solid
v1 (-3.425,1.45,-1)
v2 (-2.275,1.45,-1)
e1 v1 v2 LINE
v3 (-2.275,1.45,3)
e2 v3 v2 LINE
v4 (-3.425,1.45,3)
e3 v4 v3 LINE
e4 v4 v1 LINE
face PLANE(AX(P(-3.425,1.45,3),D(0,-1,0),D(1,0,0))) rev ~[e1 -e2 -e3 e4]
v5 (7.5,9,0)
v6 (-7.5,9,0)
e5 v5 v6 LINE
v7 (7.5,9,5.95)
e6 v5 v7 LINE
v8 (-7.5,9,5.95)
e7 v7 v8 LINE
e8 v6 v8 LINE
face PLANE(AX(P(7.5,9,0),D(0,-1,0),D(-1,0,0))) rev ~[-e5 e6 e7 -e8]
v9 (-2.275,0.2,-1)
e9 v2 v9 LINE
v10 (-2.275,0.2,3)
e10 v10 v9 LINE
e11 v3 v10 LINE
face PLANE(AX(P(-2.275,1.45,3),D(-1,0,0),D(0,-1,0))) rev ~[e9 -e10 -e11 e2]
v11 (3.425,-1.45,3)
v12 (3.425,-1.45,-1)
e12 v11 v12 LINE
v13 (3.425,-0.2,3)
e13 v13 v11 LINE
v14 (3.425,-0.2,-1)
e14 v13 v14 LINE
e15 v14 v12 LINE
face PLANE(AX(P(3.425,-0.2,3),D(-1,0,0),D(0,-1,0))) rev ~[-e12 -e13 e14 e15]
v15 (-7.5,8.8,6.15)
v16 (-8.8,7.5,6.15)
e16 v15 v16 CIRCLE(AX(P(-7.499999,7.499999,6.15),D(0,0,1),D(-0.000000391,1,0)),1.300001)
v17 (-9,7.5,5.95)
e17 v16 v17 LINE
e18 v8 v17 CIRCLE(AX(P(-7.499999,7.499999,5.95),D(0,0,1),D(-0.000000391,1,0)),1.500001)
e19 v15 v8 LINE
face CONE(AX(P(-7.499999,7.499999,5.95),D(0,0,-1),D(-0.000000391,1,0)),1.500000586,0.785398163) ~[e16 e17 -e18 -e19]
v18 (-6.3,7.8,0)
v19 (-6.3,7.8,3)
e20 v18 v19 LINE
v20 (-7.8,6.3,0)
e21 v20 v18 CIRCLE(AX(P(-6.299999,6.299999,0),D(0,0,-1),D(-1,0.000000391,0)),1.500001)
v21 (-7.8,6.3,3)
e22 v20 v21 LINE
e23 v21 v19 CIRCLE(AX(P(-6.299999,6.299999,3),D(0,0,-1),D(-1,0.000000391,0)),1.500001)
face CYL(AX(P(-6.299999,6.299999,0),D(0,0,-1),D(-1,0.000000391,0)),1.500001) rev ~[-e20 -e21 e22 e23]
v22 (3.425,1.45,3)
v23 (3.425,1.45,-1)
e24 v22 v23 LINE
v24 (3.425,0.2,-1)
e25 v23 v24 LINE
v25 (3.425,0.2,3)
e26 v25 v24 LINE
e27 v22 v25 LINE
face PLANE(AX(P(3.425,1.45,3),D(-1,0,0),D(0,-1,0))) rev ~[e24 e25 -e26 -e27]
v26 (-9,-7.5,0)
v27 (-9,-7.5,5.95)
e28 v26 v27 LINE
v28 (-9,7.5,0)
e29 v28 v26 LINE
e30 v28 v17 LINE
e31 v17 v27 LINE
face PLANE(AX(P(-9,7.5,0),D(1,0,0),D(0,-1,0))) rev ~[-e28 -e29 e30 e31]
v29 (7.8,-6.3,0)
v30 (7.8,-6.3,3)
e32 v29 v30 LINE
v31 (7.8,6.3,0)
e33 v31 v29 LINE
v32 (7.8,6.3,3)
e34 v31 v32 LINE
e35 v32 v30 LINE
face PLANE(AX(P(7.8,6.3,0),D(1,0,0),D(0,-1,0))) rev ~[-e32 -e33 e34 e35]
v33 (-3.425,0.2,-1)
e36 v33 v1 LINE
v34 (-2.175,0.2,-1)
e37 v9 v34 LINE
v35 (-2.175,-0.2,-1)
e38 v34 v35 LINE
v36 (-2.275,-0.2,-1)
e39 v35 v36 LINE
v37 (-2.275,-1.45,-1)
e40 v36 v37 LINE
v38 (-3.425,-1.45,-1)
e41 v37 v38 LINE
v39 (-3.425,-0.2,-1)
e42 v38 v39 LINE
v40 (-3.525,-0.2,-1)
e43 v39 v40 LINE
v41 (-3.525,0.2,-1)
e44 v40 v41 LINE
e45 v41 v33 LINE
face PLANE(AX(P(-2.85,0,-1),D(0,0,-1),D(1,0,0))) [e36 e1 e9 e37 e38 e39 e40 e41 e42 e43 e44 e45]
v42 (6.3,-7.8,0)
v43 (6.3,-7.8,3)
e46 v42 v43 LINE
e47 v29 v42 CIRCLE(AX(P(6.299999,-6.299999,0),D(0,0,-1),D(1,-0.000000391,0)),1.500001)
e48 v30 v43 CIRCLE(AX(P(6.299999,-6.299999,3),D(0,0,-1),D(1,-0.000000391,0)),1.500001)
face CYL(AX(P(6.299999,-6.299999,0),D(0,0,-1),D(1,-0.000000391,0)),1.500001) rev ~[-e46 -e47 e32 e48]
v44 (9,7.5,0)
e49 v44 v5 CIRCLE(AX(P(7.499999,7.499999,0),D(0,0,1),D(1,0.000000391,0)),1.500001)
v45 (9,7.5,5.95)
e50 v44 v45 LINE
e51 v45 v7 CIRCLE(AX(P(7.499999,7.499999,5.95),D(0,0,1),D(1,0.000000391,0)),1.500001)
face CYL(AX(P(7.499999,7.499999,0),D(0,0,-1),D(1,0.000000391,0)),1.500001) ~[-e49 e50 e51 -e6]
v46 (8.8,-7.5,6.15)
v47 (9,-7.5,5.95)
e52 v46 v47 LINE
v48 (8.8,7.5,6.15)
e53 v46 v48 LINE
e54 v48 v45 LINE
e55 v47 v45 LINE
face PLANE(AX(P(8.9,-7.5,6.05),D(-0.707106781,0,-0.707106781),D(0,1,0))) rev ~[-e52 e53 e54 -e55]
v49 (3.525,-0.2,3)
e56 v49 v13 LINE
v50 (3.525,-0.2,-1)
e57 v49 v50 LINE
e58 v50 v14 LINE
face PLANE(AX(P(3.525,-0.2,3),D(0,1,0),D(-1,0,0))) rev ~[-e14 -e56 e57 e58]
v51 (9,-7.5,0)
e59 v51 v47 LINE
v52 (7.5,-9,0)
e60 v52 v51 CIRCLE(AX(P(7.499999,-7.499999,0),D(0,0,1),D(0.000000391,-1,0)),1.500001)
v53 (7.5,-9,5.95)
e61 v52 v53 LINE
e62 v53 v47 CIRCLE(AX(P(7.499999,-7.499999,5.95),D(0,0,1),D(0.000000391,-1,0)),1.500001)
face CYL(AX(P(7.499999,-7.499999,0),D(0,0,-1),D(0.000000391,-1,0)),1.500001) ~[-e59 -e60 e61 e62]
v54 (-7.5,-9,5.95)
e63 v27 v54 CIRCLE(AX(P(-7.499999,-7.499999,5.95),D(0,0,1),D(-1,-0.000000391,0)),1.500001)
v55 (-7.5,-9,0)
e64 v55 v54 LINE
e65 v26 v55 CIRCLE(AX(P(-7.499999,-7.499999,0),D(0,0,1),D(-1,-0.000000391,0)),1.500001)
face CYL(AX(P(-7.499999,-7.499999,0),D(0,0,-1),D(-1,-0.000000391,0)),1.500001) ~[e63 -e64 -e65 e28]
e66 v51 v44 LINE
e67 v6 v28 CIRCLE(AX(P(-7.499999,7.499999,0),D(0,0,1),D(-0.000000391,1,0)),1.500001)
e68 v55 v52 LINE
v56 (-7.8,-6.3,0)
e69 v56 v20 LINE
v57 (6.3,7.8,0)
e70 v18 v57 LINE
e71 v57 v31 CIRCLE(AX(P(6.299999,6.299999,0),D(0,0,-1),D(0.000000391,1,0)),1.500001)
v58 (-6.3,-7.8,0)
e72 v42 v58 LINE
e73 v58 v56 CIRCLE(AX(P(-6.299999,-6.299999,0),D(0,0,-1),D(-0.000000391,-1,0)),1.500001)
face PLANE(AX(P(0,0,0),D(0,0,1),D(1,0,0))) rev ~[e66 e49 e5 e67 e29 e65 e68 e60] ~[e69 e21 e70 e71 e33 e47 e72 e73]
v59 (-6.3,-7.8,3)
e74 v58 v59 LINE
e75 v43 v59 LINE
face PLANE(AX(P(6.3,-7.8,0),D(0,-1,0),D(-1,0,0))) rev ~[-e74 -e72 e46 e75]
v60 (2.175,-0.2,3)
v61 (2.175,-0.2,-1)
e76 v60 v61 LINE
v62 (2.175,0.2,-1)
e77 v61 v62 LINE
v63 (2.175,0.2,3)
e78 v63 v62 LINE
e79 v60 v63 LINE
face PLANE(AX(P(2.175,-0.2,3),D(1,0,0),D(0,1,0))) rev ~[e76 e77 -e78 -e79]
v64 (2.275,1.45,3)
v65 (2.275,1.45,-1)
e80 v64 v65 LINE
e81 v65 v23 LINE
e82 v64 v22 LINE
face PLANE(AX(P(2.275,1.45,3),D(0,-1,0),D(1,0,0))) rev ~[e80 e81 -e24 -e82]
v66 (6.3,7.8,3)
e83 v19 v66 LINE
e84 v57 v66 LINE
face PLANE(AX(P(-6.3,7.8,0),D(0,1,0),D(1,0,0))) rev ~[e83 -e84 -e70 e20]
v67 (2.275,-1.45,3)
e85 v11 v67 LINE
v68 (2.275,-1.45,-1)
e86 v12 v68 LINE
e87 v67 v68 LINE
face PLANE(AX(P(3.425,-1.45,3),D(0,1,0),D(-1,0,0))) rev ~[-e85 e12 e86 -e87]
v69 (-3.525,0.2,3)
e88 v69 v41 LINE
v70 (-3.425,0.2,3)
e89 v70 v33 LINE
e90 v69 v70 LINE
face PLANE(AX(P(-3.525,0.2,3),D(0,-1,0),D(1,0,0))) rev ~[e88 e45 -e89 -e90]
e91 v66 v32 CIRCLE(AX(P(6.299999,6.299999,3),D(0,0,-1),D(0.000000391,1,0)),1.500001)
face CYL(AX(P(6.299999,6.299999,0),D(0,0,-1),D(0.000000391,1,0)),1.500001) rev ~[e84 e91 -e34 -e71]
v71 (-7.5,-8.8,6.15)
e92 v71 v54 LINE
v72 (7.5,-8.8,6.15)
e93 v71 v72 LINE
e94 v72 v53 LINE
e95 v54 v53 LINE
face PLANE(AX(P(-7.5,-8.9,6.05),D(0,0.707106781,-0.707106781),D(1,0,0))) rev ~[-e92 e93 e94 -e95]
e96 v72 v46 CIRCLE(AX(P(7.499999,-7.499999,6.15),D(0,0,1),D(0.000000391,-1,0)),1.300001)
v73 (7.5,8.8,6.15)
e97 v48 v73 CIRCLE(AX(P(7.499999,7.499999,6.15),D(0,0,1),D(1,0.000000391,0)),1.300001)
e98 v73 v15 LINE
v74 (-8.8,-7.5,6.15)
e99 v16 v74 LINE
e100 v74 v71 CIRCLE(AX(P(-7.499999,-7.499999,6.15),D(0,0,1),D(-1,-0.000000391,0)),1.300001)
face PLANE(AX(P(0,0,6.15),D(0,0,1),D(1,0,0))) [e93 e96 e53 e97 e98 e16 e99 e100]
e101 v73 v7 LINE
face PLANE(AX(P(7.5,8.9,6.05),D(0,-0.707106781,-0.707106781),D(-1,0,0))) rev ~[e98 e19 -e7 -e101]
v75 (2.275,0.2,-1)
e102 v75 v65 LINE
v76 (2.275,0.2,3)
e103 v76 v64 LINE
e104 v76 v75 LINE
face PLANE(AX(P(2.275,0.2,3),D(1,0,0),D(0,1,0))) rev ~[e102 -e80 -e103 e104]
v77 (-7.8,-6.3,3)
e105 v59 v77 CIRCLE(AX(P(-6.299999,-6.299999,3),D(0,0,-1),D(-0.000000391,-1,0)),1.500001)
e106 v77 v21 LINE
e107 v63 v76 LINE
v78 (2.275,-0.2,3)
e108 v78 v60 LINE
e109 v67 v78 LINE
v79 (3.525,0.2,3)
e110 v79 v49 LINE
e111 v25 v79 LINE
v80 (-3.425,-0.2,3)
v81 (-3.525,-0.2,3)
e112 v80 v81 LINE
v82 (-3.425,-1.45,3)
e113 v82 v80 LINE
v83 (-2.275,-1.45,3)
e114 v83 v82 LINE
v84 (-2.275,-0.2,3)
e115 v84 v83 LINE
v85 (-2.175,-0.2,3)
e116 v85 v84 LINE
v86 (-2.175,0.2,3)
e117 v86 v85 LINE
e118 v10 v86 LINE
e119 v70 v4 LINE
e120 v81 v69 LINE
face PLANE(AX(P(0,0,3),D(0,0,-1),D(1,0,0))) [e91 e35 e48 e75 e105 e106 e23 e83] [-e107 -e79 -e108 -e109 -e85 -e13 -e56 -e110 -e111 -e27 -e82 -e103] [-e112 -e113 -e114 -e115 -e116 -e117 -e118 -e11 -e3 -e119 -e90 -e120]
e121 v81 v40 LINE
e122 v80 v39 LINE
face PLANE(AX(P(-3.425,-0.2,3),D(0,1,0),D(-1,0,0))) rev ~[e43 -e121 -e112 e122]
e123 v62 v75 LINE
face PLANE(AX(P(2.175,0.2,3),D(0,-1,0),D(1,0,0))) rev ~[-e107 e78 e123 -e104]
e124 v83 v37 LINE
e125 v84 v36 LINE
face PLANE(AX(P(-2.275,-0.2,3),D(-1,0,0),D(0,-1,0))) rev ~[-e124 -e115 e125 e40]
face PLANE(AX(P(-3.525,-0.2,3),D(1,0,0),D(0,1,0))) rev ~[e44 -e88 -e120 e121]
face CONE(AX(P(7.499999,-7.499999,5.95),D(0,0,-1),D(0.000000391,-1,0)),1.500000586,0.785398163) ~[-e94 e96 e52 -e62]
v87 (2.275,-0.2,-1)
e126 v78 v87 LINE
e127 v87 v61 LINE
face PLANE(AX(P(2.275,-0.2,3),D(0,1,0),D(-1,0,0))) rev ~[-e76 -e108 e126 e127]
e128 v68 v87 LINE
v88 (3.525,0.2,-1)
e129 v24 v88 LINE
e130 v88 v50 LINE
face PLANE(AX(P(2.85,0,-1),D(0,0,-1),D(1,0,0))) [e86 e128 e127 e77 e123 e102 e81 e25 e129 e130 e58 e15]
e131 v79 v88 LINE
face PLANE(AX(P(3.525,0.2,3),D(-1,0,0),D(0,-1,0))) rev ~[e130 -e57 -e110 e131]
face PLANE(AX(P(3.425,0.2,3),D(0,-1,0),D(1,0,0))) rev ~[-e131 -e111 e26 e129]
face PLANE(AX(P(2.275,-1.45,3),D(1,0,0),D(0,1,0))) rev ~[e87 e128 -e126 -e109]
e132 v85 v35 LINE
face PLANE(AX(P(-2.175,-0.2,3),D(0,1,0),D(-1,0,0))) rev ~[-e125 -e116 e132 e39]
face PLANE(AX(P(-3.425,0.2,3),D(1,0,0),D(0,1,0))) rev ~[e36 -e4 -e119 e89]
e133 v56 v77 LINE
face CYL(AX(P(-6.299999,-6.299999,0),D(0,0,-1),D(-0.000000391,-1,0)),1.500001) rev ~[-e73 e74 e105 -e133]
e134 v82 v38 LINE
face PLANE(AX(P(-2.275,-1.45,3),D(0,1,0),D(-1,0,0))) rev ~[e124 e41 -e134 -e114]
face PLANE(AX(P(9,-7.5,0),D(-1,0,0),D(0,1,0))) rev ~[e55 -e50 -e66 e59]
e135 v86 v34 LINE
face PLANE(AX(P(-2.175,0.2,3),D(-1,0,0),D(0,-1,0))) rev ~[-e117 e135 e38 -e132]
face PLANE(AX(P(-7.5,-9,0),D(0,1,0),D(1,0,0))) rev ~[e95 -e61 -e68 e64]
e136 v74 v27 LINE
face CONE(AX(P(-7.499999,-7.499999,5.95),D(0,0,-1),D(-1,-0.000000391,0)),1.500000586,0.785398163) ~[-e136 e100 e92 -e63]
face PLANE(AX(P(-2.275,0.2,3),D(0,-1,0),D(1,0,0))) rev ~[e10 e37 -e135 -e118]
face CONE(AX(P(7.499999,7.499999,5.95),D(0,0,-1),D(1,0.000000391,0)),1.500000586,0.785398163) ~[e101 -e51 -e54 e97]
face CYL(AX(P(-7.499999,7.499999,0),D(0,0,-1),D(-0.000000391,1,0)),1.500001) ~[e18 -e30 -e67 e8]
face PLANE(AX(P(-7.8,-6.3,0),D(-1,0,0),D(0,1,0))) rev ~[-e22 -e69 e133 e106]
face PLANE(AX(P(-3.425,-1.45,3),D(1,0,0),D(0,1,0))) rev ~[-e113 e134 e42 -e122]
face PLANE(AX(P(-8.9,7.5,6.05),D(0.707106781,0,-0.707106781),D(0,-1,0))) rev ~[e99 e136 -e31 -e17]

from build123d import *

# Parameters (mm, degrees)
PAD_DEPTH    = 6.15
POCKET_DEPTH = 3
PAD001_DEPTH = 4
CHAMFER_SIZE = 0.2


with BuildPart() as part:
    # Sketch → Pad (new body)
    with BuildSketch(Plane.XY):
        with BuildLine():
            Line((-9, 7.5), (-9, -7.5))
            ThreePointArc((-9, -7.5), (-8.56066, -8.56066), (-7.5, -9))
            Line((-7.5, -9), (7.5, -9))
            ThreePointArc((7.5, -9), (8.56066, -8.56066), (9, -7.5))
            Line((9, -7.5), (9, 7.5))
            ThreePointArc((9, 7.5), (8.56066, 8.56066), (7.5, 9))
            Line((7.5, 9), (-7.5, 9))
            ThreePointArc((-7.5, 9), (-8.56066, 8.56066), (-9, 7.5))
        make_face()
    extrude(amount=PAD_DEPTH)

    # Sketch001 (on Face9 of Pad) → Pocket (cut)
    with BuildSketch(Plane(origin=(0, 0, 0), x_dir=(1, 0, 0), z_dir=(0, 0, -1))):
        with BuildLine():
            Line((-7.8, 6.3), (-7.8, -6.3))
            ThreePointArc((-7.8, -6.3), (-7.36066, -7.36066), (-6.3, -7.8))
            Line((-6.3, -7.8), (6.3, -7.8))
            ThreePointArc((6.3, -7.8), (7.36066, -7.36066), (7.8, -6.3))
            Line((7.8, -6.3), (7.8, 6.3))
            ThreePointArc((7.8, 6.3), (7.36066, 7.36066), (6.3, 7.8))
            Line((6.3, 7.8), (-6.3, 7.8))
            ThreePointArc((-6.3, 7.8), (-7.36066, 7.36066), (-7.8, 6.3))
        make_face()
    extrude(amount=-POCKET_DEPTH, mode=Mode.SUBTRACT)

    # Sketch002 (on Face19 of Pocket) → Pad001 (join)
    with BuildSketch(Plane(origin=(0, 0, 3), x_dir=(1, 0, 0), z_dir=(0, 0, -1))):
        Polygon((-3.425, -1.45), (-2.275, -1.45), (-2.275, -0.2), (-2.175, -0.2), (-2.175, 0.2), (-2.275, 0.2), (-2.275, 1.45), (-3.425, 1.45), (-3.425, 0.2), (-3.525, 0.2), (-3.525, -0.2), (-3.425, -0.2), align=None)
        Polygon((3.425, 1.45), (2.275, 1.45), (2.275, 0.2), (2.175, 0.2), (2.175, -0.2), (2.275, -0.2), (2.275, -1.45), (3.425, -1.45), (3.425, -0.2), (3.525, -0.2), (3.525, 0.2), (3.425, 0.2), align=None)
    extrude(amount=PAD001_DEPTH)

    # Chamfer
    chamfer_edges = [part.edges().sort_by_distance(p)[0] for p in [
        (0, -9, 6.15),
    ]]
    chamfer(chamfer_edges, length=CHAMFER_SIZE)


solid = part.part
